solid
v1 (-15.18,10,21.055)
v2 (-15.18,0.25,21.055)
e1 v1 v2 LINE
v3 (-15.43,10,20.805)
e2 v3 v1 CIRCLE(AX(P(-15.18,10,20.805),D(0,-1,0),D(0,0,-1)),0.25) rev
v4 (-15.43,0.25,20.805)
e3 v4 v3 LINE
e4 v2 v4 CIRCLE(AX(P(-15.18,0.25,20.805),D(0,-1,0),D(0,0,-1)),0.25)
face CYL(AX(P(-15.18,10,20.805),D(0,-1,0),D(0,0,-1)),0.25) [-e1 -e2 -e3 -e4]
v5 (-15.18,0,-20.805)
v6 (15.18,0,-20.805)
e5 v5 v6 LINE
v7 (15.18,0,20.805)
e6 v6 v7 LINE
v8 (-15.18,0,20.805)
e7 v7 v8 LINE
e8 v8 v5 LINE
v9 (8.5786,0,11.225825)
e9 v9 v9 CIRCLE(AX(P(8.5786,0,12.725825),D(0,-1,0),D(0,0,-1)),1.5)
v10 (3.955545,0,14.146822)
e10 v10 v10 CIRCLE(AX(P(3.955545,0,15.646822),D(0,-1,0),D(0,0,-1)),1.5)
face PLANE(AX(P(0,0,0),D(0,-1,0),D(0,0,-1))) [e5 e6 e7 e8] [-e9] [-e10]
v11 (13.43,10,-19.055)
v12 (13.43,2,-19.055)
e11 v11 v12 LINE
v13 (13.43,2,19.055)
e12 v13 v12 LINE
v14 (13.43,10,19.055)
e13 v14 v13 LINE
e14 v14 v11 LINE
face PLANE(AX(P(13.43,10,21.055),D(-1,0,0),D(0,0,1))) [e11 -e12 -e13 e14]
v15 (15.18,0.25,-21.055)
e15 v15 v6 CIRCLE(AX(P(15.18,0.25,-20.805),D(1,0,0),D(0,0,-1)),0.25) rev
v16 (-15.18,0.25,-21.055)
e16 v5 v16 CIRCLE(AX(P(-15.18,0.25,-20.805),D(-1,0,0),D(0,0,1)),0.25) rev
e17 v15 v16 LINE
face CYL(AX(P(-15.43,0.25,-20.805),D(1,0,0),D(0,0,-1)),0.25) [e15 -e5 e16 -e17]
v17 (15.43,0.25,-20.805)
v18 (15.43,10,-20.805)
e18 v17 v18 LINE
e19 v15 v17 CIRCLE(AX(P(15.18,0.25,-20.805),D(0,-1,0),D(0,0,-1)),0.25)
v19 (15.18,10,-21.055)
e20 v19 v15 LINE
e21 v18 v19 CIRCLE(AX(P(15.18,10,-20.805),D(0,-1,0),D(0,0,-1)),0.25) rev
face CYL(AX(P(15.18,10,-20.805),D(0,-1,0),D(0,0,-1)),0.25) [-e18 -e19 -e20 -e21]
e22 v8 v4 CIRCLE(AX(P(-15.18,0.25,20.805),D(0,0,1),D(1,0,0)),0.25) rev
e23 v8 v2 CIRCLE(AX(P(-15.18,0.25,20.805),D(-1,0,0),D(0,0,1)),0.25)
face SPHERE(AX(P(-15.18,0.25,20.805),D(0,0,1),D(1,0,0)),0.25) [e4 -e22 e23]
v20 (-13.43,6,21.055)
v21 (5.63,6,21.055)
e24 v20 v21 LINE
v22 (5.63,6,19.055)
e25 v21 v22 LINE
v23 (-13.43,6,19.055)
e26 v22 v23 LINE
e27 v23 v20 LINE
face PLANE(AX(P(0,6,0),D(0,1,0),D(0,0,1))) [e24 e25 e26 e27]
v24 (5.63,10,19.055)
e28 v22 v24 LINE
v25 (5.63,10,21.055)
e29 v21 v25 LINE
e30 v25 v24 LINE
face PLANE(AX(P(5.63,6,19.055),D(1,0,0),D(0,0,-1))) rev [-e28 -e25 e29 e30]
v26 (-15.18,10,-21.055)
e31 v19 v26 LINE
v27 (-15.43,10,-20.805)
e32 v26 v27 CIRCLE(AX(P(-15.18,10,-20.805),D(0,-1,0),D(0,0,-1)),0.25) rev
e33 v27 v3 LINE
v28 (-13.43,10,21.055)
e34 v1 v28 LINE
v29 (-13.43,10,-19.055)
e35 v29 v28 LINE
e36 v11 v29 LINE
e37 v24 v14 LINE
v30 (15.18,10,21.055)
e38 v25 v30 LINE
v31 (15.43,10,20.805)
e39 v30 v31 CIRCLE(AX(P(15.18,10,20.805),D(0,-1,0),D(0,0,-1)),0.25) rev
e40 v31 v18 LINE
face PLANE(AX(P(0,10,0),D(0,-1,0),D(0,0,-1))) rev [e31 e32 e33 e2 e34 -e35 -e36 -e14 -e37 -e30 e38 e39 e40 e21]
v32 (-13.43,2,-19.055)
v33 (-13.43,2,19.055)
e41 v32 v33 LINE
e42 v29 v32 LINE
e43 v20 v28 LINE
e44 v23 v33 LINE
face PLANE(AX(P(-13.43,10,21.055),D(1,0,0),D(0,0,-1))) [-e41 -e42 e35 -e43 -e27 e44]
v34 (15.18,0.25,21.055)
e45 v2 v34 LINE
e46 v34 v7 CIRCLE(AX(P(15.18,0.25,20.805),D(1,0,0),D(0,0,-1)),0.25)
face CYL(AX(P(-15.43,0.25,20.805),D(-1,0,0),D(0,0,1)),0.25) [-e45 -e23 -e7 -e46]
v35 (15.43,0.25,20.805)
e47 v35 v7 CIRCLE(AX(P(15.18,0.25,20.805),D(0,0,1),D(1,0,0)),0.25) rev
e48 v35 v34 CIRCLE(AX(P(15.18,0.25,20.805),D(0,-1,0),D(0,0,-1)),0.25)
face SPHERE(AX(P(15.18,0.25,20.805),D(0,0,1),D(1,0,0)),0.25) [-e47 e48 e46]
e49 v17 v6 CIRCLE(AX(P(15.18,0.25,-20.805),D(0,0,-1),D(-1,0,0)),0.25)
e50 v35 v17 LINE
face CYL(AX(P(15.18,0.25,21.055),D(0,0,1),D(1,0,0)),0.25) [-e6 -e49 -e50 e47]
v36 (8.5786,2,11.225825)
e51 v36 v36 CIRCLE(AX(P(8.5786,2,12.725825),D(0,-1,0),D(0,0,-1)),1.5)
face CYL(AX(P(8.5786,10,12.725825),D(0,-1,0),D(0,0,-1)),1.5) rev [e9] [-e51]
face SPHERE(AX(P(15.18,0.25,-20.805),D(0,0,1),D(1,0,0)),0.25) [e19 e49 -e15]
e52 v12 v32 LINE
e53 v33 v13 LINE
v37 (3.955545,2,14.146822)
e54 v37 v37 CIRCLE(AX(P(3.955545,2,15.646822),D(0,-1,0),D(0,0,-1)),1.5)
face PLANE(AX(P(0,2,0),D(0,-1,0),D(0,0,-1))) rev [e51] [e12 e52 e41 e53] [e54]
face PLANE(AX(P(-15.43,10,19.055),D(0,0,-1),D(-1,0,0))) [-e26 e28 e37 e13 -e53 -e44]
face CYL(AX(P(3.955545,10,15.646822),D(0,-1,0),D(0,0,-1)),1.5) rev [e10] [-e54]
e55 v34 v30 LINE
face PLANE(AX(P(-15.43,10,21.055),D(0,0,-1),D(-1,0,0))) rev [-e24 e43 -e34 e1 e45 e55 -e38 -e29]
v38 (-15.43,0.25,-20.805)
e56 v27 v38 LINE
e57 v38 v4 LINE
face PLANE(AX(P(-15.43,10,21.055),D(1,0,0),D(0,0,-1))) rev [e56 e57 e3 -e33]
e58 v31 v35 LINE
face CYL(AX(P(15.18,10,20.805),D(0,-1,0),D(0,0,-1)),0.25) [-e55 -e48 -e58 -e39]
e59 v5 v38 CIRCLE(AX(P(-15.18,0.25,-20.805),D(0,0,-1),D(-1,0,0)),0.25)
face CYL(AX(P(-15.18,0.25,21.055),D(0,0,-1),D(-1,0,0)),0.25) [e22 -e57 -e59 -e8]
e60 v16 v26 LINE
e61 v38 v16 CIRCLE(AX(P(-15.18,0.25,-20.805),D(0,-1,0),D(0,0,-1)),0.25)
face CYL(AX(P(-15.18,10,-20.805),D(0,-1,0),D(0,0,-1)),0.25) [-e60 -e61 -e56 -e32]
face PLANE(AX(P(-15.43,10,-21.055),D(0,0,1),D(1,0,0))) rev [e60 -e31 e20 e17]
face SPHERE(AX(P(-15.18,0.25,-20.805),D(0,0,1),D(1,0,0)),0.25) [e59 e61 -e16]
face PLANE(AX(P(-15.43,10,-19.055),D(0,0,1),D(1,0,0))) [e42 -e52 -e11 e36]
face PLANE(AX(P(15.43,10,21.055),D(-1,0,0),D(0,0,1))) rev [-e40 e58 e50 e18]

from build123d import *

# Parameters (mm, degrees)
SKETCH1_W           = 30.86
SKETCH1_H           = 42.11
BOSS_EXTRUDE1_DEPTH = 10
SHELL2_T            = -2
SKETCH4_W           = 19.06
SKETCH4_H           = 2
CUT_EXTRUDE1_DEPTH  = 4
FILLET1_R           = 0.25
SKETCH5_R           = 1.5
CUT_EXTRUDE2_DEPTH  = 28.953495756
SKETCH6_R           = 1.5
CUT_EXTRUDE3_DEPTH  = 28.953495756


with BuildPart() as part:
    # Sketch1 → Boss-Extrude1 (new body)
    with BuildSketch(Plane(origin=(0, 0, 0), x_dir=(1, 0, 0), z_dir=(0, 1, 0))):
        Rectangle(SKETCH1_W, SKETCH1_H)
    extrude(amount=BOSS_EXTRUDE1_DEPTH)

    # Shell2
    shell2_openings = [part.faces().sort_by_distance(p)[0] for p in [
        (0, 10, 0),
    ]]
    offset(amount=SHELL2_T, openings=shell2_openings, kind=Kind.INTERSECTION)

    # Sketch4 → Cut-Extrude1 (cut)
    with BuildSketch(Plane(origin=(0, 10, 0), x_dir=(1, 0, 0), z_dir=(0, 1, 0))):
        with Locations((-3.9, -20.055)):
            Rectangle(SKETCH4_W, SKETCH4_H)
    extrude(amount=-CUT_EXTRUDE1_DEPTH, mode=Mode.SUBTRACT)

    # Fillet1
    fillet1_edges = [part.edges().sort_by_distance(p)[0] for p in [
        (0, 0, 21.055),
        (-15.43, 0, 0),
        (0, 0, -21.055),
        (15.43, 0, 0),
        (15.43, 5, 21.055),
        (-15.43, 5, 21.055),
        (-15.43, 5, -21.055),
        (15.43, 5, -21.055),
    ]]
    fillet(fillet1_edges, radius=FILLET1_R)

    # Sketch5 → Cut-Extrude2 (cut, through all)
    with BuildSketch(Plane.XZ):
        with Locations(Location((3.955545026, 15.646822422, 0), (0, 0, 270))):
            Circle(SKETCH5_R)
    extrude(amount=-CUT_EXTRUDE2_DEPTH, mode=Mode.SUBTRACT)

    # Sketch6 → Cut-Extrude3 (cut, through all)
    with BuildSketch(Plane.XZ):
        with Locations(Location((8.578599531, 12.725824803, 0), (0, 0, 270))):
            Circle(SKETCH6_R)
    extrude(amount=-CUT_EXTRUDE3_DEPTH, mode=Mode.SUBTRACT)


solid = part.part
